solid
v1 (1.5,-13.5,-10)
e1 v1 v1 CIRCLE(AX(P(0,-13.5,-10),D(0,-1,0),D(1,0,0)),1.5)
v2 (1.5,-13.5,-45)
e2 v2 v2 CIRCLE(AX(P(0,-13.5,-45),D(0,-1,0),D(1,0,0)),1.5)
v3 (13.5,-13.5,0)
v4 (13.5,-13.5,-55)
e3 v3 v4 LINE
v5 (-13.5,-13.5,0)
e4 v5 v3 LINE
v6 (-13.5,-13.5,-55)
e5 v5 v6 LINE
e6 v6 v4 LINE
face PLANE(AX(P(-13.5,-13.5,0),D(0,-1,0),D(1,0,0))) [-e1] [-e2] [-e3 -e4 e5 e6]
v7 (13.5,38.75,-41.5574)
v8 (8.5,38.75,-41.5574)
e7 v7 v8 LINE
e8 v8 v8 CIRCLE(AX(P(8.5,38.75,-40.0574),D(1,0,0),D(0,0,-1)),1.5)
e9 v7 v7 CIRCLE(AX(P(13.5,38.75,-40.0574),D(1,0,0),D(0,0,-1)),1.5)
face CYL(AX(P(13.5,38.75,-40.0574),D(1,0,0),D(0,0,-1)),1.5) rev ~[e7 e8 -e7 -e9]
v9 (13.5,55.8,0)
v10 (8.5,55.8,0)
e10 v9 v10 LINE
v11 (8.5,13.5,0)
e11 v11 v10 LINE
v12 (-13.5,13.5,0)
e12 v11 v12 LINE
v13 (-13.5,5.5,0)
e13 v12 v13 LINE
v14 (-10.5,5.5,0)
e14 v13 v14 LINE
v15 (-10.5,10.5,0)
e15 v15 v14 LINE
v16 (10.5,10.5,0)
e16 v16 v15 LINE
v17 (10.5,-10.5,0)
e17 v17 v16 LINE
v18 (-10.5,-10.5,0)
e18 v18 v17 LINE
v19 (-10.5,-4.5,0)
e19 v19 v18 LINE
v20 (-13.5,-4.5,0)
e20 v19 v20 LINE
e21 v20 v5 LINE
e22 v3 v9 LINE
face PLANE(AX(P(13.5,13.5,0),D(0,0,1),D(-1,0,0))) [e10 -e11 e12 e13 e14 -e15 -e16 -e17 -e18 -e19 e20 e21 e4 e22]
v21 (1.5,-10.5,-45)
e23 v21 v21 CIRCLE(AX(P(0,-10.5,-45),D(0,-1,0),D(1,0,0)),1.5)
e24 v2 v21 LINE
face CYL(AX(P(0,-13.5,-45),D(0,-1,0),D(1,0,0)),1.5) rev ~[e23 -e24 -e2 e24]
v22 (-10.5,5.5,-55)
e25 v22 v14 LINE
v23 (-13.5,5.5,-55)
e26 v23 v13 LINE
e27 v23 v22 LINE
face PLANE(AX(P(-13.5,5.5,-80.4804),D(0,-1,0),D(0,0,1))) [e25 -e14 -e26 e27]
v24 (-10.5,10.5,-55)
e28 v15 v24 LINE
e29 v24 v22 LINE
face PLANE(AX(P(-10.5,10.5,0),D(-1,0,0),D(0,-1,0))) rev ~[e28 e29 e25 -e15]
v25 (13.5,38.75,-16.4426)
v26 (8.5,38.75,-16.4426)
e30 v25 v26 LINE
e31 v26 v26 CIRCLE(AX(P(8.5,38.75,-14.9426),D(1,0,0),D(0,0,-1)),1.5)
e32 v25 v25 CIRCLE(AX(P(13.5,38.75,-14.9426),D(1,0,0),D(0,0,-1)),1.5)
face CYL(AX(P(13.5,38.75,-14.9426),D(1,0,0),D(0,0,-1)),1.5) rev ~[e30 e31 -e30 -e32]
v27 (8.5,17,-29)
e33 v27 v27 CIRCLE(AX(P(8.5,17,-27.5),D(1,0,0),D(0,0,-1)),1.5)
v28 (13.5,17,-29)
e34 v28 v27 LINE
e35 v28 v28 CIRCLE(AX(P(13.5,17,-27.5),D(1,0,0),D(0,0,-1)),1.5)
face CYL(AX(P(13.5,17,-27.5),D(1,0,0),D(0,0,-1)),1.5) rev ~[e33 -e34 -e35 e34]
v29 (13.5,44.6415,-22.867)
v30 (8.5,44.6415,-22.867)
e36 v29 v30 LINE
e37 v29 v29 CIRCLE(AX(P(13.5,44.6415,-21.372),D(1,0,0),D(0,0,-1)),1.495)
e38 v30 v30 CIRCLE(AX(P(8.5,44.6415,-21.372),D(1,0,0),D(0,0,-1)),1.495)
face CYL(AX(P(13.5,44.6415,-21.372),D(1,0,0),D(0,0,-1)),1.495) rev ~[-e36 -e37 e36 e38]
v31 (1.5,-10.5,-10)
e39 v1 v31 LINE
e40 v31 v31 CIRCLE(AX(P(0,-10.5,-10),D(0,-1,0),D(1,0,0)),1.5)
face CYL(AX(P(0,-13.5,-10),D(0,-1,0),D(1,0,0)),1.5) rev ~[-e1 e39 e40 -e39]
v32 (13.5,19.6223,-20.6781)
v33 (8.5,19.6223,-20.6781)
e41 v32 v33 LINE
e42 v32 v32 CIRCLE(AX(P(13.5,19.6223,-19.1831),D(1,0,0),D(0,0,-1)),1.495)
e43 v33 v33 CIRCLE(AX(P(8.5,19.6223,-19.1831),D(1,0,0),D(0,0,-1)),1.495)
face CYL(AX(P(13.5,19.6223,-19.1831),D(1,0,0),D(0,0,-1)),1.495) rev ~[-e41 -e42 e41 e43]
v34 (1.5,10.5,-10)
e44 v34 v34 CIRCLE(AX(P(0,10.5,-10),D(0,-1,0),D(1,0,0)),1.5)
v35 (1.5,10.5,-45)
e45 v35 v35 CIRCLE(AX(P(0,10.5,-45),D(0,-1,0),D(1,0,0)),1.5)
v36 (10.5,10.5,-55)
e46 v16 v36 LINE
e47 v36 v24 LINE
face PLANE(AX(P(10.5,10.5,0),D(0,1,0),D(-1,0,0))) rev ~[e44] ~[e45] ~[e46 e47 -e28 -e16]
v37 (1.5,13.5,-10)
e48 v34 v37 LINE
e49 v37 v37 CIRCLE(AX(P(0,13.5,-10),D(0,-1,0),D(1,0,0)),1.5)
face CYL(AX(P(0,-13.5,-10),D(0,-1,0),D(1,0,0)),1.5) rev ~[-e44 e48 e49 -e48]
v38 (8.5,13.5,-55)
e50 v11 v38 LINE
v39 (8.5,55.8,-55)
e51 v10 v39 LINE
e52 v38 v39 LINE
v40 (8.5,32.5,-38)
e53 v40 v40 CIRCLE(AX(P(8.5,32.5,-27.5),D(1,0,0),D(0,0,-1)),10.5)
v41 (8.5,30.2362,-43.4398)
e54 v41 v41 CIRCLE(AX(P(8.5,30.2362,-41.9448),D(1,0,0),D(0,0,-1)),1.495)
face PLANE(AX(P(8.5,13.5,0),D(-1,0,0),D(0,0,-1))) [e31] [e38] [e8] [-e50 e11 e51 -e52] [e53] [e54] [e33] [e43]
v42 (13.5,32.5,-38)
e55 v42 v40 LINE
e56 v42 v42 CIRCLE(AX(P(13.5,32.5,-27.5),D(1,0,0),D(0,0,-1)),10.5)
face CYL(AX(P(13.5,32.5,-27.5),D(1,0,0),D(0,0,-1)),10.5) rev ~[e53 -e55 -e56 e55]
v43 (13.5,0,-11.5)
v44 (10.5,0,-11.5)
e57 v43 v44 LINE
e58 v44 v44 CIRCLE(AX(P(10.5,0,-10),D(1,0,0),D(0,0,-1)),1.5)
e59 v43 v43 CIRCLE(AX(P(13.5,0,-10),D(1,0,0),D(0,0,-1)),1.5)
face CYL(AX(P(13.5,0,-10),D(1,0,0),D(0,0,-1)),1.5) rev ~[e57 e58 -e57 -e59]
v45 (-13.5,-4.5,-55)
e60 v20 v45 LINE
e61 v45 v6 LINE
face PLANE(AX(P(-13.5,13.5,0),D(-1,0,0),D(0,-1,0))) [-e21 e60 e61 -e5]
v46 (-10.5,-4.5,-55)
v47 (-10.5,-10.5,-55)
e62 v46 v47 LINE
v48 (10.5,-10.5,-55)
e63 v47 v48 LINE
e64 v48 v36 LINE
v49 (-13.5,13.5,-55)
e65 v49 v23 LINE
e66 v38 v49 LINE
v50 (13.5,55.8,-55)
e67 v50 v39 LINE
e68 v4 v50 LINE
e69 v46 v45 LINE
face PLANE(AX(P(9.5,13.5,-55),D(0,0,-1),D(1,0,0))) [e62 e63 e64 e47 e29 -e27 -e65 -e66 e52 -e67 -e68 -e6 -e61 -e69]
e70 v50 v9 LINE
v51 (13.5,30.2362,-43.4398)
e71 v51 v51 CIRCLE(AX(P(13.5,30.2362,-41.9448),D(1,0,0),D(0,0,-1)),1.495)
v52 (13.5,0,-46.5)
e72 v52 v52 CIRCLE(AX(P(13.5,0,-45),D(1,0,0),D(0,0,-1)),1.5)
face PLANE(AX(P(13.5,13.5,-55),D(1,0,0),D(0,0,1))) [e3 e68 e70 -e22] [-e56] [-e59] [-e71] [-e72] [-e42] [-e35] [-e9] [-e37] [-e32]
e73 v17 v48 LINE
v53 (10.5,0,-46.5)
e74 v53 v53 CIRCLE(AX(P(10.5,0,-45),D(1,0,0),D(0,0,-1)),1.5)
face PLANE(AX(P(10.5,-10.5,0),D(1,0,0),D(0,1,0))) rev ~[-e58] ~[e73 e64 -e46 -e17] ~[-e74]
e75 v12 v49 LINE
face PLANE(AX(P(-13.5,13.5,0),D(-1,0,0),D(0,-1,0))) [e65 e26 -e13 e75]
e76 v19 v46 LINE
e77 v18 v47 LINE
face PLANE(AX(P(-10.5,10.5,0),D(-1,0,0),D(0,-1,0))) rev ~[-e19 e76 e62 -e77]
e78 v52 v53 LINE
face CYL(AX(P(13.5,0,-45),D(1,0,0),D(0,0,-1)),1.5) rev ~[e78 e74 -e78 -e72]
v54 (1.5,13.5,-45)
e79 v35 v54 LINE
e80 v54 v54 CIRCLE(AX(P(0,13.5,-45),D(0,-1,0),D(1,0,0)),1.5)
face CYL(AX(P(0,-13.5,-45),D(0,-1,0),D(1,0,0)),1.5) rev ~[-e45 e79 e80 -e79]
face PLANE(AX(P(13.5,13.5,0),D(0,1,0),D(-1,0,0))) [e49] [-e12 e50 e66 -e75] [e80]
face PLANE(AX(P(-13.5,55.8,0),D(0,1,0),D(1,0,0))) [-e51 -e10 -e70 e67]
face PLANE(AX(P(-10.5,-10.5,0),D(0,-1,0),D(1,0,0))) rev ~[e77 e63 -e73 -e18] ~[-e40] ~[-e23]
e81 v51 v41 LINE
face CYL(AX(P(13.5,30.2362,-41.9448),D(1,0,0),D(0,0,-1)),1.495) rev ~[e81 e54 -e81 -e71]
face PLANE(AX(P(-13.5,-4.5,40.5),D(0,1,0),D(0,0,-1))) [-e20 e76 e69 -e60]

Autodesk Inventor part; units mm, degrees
ref_plane "YZ Plane" through (0, 0, 0) normal (1, 0, 0) x (0, 1, 0)
ref_plane "XZ Plane" through (0, 0, 0) normal (0, 1, 0) x (-1, 0, 0)
ref_plane "XY Plane" through (0, 0, 0) normal (0, 0, 1) x (1, 0, 0)
sketch "Sketch1" plane through (0, 0, 0) normal (0, 0, 1) x (1, 0, 0)
  line L0 (10, 10) -> (-10, 10) construction
  line L1 (-10, 10) -> (-10, -10) construction
  line L2 (-10, -10) -> (10, -10) construction
  line L3 (10, -10) -> (10, 10) construction
  line L4 (-7, -7) -> (-7, 7) construction
  line L5 (-7, 7) -> (7, 7) construction
  line L6 (7, 7) -> (7, -7) construction
  line L7 (7, -7) -> (-7, -7) construction
  line L8 (13.5, 13.5) -> (-13.5, 13.5)
  line L9 (-13.5, 13.5) -> (-13.5, -13.5)
  line L10 (-13.5, -13.5) -> (13.5, -13.5)
  line L11 (13.5, -13.5) -> (13.5, 13.5)
  line L12 (10.5, 10.5) -> (-10.5, 10.5)
  line L13 (-10.5, 10.5) -> (-10.5, -10.5)
  line L14 (-10.5, -10.5) -> (10.5, -10.5)
  line L15 (10.5, -10.5) -> (10.5, 10.5)
  point P0 (0, 0)
  point P1 (-10.5, 0)
  point P2 (0, 10.5)
  dimension "d36" = 21
  dimension "d37" = 21
  dimension "d38" = 3
  dimension "d39" = 3
  dimension "d40" = 3
  dimension "d41" = 3
extrude "Extrusion1" add sketch "Sketch1" against normal blind 55
sketch "Sketch2" plane through (-13.5, -13.5, 0) normal (-1, 0, 0) x (0, 0, 1)
  line L0 (-80.4804, 19) -> (40.5, 19)
  line L1 (40.5, 19) -> (40.5, 9)
  line L2 (40.5, 9) -> (-80.4804, 9)
  line L3 (-80.4804, 9) -> (-80.4804, 19)
  line L4 (0, 27) -> (-55, 27) projected
  point P0 (0, 13.5)
  dimension "d7" = 10
  dimension "d8" = 8
extrude "Extrusion2" cut sketch "Sketch2" against normal blind 15.3125
sketch "Sketch3" plane through (-13.5, 13.5, 0) normal (0, 1, 0) x (1, 0, 0)
  line L0 (27, 0) -> (0, 0) projected
  line L1 (3, 55) -> (23, 55) projected
  line L2 (27, 0) -> (22, 0)
  line L3 (22, 0) -> (22, 55)
  line L4 (22, 55) -> (27, 55)
  line L5 (27, 55) -> (27, 0)
  point P0 (13.5, 0)
  dimension "d11" = 5
extrude "Extrusion3" add sketch "Sketch3" along normal blind 42.3
sketch "Sketch4" plane through (13.5, -13.5, 0) normal (1, 0, 0) x (0, 0, -1)
  line L0 (0, 27) -> (55, 27) projected
  circle A0 centre (27.5, 46) radius 18
  line L1 (0, 69.3) -> (55, 69.3) projected
  circle A1 centre (27.5, 46) radius 3
  point P0 (0, 13.5)
  point P1 (27.5, 69.3)
  dimension "d14" = 36
  dimension "d15" = 19
  dimension "d16" = 6
extrude "Extrusion4" cut sketch "Sketch4" against normal blind 42.3 contours A1
sketch "Sketch5" plane through (13.5, -13.5, 0) normal (1, 0, 0) x (0, 0, -1)
  circle A0 centre (27.5, 46) radius 3 projected
  circle A1 centre (27.5, 46) radius 10.5
  point P0 (0, 13.5)
  dimension "d19" = 21
extrude "Extrusion5" cut sketch "Sketch5" against normal blind 42.3
sketch "Sketch6" plane through (13.5, -13.5, 0) normal (1, 0, 0) x (0, 0, -1)
  circle A0 centre (27.5, 30.5) radius 1.5 projected
  circle A1 centre (19.1831, 33.1223) radius 1.495 projected
  circle A2 centre (14.9426, 52.25) radius 1.5 projected
  circle A3 centre (21.372, 58.1415) radius 1.495 projected
  circle A4 centre (40.0574, 52.25) radius 1.5 projected
  circle A5 centre (41.9448, 43.7362) radius 1.495 projected
  point P0 (0, 13.5)
extrude "Extrusion6" cut sketch "Sketch6" against normal blind 42.3
sketch "Sketch7" plane through (13.5, -13.5, 0) normal (1, 0, 0) x (0, 0, -1)
  circle A0 centre (10, 13.5) radius 1.5
  circle A1 centre (45, 13.5) radius 1.5
  line L0 (0, 0) -> (0, 69.3) projected
  line L1 (55, 0) -> (55, 69.3) projected
  point P0 (0, 13.5)
  dimension "d24" = 3
  dimension "d25" = 3
  dimension "d26" = 10
  dimension "d27" = 10
extrude "Extrusion7" cut sketch "Sketch7" against normal blind 10
sketch "Sketch8" plane through (-13.5, -13.5, 0) normal (0, -1, 0) x (1, 0, 0)
  circle A0 centre (13.5, -10) radius 1.5
  circle A1 centre (13.5, -45) radius 1.5
  line L0 (27, -55) -> (0, -55) projected
  line L1 (0, 0) -> (27, 0) projected
  point P0 (13.5, 0)
  point P1 (13.5, 0)
  point P2 (13.5, 0)
  dimension "d30" = 3
  dimension "d31" = 3
  dimension "d32" = 10
  dimension "d33" = 10
extrude "Extrusion8" cut sketch "Sketch8" against normal through all
properties part number "enc holder"
